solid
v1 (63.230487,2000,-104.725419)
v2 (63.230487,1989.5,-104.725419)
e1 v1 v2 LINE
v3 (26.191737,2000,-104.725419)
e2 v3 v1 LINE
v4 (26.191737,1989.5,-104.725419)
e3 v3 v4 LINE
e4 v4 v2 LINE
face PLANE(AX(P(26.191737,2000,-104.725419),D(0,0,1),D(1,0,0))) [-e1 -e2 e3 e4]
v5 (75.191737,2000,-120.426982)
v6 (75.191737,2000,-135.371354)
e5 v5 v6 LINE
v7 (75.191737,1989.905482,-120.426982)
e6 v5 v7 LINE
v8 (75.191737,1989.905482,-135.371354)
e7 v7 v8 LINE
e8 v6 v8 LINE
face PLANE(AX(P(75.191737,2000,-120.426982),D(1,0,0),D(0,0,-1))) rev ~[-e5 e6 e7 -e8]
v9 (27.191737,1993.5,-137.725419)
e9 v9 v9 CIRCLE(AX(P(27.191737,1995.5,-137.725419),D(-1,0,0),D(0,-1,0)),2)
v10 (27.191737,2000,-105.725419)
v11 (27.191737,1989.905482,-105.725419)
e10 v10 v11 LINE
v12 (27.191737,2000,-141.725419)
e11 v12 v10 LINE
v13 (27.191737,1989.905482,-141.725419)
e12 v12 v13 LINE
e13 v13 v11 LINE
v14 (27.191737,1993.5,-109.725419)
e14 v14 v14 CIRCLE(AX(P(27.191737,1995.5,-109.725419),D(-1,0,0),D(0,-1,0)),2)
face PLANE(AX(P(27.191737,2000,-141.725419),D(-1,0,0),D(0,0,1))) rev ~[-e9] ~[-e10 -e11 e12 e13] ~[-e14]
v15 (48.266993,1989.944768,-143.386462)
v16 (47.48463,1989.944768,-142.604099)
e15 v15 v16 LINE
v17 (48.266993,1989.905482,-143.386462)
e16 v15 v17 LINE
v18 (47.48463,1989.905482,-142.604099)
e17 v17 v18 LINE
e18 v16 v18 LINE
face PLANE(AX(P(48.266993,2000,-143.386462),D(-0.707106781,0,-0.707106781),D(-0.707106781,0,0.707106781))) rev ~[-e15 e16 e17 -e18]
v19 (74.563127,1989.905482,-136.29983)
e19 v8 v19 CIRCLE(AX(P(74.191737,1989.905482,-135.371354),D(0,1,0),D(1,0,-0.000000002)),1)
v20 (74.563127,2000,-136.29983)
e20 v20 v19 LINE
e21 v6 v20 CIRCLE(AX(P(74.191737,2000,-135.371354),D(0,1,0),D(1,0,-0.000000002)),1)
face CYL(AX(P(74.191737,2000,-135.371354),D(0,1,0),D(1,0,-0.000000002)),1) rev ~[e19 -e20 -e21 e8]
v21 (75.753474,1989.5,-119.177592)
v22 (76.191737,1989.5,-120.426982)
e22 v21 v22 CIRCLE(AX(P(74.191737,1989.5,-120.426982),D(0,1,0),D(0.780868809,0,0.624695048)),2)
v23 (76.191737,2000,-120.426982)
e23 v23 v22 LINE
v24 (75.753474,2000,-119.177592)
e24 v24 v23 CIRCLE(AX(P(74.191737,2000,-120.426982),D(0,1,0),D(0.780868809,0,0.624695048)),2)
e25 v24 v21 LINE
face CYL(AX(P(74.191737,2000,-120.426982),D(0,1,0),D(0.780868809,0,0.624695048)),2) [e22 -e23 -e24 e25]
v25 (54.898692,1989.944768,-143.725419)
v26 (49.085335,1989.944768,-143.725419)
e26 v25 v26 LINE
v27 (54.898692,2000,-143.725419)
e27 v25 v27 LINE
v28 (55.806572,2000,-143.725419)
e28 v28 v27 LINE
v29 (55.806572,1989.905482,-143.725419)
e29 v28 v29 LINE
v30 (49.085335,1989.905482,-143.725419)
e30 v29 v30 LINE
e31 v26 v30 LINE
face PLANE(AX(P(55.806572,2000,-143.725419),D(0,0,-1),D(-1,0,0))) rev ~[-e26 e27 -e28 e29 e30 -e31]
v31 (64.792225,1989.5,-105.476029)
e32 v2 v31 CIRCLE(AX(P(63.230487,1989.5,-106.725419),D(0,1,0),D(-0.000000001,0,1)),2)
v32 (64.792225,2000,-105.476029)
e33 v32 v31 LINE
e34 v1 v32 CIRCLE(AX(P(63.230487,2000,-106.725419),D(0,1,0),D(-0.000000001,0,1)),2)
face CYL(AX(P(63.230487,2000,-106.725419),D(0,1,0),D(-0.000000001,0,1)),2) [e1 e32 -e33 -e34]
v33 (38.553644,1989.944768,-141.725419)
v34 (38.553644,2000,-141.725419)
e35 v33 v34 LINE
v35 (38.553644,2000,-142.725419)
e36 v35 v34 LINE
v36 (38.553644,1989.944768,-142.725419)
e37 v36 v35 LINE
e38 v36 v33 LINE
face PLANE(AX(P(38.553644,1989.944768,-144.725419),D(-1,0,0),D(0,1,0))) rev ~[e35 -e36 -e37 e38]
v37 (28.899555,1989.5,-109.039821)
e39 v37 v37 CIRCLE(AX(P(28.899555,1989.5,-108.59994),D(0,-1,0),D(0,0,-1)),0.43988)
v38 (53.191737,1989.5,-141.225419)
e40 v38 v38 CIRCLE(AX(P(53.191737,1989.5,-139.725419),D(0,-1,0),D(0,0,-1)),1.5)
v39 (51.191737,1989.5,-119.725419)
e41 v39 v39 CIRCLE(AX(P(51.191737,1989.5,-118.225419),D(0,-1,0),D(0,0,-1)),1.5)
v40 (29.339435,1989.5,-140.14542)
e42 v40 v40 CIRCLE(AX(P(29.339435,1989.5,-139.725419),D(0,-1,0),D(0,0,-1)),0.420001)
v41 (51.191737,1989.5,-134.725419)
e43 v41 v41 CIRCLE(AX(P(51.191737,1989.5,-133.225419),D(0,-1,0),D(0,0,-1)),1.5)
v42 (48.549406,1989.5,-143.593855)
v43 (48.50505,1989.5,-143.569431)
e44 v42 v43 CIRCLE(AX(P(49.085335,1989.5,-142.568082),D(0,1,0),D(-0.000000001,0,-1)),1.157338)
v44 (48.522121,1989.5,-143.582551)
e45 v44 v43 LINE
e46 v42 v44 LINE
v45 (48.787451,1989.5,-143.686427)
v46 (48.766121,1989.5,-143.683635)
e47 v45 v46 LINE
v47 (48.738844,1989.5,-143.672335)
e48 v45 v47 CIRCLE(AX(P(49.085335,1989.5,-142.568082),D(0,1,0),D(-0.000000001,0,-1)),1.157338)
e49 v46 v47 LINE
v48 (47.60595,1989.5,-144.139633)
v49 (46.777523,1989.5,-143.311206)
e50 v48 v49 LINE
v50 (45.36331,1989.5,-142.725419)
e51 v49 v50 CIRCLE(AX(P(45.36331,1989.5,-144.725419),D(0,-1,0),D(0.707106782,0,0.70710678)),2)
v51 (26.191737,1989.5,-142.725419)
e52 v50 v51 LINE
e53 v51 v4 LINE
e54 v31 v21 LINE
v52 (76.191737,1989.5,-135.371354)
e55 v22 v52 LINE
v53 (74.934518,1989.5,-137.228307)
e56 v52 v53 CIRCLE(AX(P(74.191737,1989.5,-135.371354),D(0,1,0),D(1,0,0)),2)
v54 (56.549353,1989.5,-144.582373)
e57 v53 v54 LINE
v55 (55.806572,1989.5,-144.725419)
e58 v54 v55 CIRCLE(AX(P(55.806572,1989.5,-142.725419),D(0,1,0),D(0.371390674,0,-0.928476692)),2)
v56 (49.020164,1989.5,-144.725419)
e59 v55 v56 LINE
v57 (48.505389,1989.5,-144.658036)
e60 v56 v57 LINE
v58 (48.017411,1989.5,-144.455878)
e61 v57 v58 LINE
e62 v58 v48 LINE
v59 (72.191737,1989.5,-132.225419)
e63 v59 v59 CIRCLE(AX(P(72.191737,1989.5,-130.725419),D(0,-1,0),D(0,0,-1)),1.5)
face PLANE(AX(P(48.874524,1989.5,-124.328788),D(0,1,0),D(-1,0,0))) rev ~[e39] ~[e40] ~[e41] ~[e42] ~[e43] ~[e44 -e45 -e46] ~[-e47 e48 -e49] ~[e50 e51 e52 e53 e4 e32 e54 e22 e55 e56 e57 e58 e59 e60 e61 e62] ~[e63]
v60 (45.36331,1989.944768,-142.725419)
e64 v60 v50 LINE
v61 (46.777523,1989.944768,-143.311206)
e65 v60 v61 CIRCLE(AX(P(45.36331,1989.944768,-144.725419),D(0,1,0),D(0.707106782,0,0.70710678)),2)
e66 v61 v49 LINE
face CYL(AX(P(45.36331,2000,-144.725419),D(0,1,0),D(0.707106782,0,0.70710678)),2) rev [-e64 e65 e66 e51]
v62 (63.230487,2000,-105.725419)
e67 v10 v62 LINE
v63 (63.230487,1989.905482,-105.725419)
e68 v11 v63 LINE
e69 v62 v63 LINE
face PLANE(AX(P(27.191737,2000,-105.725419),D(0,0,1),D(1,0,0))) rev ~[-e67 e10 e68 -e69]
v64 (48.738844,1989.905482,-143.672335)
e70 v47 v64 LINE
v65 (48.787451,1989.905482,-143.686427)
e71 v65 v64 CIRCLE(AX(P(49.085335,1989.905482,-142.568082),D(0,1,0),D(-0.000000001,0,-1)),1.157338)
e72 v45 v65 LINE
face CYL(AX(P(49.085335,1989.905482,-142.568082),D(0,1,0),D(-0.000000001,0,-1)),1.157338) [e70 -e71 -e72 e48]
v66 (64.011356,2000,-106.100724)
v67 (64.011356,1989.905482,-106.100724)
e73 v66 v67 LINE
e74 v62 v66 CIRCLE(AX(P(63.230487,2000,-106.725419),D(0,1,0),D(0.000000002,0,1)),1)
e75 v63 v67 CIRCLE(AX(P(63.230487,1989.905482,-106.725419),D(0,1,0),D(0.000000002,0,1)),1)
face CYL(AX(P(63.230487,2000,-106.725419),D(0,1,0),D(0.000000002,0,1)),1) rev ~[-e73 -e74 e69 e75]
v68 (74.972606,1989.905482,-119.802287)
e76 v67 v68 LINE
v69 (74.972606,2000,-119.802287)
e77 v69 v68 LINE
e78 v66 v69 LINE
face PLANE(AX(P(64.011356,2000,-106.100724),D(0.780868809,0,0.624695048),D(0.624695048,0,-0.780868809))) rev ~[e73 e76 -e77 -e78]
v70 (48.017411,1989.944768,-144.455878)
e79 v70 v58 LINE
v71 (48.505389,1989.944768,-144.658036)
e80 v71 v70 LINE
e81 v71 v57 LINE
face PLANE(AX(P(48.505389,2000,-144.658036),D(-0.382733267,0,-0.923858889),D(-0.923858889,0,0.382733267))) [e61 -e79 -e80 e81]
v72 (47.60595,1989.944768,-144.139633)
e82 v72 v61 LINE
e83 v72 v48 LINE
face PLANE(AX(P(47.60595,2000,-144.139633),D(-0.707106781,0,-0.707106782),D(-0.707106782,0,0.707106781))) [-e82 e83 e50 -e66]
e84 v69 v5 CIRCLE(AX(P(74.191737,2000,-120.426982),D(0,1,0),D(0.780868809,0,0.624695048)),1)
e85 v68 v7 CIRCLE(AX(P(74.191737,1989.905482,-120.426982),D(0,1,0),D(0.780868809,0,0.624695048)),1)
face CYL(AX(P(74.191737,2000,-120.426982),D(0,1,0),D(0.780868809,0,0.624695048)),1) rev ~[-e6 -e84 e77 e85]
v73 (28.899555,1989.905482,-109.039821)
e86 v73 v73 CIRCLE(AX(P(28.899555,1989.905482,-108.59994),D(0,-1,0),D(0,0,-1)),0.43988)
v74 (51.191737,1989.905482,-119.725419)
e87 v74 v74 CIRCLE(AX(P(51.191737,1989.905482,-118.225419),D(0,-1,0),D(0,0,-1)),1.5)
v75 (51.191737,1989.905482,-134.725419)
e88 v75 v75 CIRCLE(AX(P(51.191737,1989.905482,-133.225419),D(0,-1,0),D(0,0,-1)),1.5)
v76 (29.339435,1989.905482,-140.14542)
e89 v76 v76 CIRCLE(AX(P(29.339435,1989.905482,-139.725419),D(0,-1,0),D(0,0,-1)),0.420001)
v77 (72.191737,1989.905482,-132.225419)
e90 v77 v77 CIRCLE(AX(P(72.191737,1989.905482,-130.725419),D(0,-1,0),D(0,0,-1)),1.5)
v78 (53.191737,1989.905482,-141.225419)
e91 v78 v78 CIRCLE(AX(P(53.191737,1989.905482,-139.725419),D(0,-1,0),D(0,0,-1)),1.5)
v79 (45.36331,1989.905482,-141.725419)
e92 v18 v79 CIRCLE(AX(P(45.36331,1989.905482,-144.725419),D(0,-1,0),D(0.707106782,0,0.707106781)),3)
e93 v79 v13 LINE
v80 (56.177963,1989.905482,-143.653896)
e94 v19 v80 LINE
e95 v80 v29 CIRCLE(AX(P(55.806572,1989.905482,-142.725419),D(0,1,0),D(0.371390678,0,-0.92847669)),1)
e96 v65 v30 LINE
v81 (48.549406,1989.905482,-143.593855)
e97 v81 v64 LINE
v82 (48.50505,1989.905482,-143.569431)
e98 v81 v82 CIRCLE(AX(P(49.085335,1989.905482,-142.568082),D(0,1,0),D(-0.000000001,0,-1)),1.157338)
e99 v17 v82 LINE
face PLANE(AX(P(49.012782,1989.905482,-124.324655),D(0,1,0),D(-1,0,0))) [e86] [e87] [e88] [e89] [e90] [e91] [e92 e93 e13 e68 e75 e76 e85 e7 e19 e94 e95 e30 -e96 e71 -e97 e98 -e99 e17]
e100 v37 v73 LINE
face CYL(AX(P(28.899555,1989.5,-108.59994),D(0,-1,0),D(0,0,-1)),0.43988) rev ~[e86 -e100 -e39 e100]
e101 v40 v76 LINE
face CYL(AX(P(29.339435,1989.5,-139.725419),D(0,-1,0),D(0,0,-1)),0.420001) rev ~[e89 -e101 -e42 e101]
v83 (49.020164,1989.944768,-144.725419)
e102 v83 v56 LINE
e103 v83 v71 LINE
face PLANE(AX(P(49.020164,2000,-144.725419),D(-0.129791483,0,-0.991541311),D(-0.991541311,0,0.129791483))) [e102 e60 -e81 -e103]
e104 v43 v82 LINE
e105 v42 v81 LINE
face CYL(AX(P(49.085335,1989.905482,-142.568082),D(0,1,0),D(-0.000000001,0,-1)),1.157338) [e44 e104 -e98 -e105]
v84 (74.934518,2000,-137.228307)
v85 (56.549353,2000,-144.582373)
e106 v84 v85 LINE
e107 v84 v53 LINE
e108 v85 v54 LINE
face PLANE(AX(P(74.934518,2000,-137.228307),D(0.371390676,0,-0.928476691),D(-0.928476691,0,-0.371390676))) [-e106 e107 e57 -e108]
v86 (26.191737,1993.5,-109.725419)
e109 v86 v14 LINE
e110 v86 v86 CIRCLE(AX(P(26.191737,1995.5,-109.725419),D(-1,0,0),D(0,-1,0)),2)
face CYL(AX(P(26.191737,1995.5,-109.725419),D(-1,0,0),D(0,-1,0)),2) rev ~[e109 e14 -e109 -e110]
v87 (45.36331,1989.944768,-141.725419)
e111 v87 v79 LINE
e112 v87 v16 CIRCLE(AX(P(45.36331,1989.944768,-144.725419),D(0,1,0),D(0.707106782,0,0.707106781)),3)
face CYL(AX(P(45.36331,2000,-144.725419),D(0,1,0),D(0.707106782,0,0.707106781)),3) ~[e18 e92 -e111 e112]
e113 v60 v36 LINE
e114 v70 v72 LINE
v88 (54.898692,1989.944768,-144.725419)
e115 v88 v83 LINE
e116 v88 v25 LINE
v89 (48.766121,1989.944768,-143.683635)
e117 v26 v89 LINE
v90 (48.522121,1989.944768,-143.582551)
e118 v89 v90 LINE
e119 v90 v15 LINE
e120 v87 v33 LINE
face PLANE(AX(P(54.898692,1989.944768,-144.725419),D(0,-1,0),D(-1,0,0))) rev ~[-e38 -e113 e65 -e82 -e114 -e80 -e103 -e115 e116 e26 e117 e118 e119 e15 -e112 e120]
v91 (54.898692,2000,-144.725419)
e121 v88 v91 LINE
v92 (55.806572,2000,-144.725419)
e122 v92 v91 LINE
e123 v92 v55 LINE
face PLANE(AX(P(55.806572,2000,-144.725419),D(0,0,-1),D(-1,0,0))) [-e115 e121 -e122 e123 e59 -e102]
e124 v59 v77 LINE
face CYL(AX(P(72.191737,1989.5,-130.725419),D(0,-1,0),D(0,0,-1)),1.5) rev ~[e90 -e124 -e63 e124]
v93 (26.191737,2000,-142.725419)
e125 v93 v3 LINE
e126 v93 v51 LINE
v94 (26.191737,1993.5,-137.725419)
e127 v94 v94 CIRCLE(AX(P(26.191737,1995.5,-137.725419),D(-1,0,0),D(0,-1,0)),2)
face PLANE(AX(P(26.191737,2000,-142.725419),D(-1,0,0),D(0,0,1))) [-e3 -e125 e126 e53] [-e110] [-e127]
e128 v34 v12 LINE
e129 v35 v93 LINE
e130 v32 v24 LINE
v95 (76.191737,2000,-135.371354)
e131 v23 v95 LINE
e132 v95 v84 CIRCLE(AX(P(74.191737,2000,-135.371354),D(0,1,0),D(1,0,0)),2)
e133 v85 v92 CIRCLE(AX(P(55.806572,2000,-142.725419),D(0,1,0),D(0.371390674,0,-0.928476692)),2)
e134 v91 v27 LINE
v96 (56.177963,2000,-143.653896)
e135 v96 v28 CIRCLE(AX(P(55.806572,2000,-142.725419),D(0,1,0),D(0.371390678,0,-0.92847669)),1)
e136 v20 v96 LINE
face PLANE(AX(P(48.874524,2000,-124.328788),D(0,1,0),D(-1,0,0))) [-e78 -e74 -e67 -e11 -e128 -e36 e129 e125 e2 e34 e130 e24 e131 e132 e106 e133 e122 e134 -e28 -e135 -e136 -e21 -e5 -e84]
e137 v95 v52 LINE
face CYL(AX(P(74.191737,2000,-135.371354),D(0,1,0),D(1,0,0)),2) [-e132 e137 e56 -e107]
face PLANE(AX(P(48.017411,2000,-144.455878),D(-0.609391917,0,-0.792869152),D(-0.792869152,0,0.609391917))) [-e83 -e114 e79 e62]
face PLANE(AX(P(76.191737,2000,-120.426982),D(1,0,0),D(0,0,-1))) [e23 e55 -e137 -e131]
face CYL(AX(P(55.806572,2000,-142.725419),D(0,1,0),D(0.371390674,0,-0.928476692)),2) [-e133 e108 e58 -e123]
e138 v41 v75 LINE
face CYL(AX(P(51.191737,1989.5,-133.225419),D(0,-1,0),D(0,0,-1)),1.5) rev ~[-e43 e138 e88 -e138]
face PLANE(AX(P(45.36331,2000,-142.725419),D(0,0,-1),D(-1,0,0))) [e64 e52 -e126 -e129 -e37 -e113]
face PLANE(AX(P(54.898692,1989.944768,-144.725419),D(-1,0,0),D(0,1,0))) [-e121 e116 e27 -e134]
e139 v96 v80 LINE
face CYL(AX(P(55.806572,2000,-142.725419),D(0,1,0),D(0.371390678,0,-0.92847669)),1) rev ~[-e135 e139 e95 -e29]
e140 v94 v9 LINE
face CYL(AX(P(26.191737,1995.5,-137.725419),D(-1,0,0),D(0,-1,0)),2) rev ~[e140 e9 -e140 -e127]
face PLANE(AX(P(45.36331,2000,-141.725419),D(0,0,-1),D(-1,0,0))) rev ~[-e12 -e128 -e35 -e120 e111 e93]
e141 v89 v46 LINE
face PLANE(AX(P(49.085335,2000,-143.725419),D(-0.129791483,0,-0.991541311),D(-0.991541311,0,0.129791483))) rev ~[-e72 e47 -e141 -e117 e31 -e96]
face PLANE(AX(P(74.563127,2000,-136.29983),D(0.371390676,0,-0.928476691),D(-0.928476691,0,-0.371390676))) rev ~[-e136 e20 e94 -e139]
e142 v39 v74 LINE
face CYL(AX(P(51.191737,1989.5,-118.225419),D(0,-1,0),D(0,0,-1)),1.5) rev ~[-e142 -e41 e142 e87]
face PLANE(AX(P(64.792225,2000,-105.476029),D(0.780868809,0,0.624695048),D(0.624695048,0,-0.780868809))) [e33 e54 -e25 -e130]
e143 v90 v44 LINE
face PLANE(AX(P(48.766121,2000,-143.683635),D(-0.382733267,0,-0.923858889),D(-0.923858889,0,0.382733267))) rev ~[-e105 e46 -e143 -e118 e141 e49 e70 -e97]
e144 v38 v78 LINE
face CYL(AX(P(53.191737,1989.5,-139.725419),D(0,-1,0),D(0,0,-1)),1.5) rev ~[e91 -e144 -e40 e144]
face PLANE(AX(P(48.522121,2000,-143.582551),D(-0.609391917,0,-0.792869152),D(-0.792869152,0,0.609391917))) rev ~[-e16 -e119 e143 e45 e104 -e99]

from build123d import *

# Parameters (mm, degrees)
RESSALTO_EXTRUS_O1_DEPTH = 10.5
RESSALTO_EXTRUS_O2_START = -0.405481833
RESSALTO_EXTRUS_O2_DEPTH = 0.405481833
ESBO_O6_R                = 1.5
ESBO_O6_R_2              = 0.439880444
ESBO_O6_R_3              = 0.420000653
CORTE_EXTRUS_O1_DEPTH    = 10
ESBO_O7_R                = 2
CORTE_EXTRUS_O2_DEPTH    = 10
ESBO_O8_W                = 16.345048289
ESBO_O8_H                = 10.10072272
CORTE_EXTRUS_O3_DEPTH    = 6


with BuildPart() as part:
    # Esboço1 → Ressalto-extrusão1 (new body)
    with BuildSketch(Plane.XZ.offset(-2000)):
        with BuildLine():
            Line((26.191736717, -104.725419486), (63.230487022, -104.725419486))
            ThreePointArc((63.230487022, -104.725419486), (64.096864483, -104.922813013), (64.79222464, -105.476029391))
            Line((64.79222464, -105.476029391), (75.753474335, -119.17759151))
            ThreePointArc((75.753474335, -119.17759151), (76.078993355, -119.764967722), (76.191736717, -120.426981605))
            Line((76.191736717, -120.426981605), (76.191736717, -135.371353563))
            ThreePointArc((76.191736717, -135.371353563), (75.847871178, -136.492611182), (74.934518069, -137.228306945))
            Line((74.934518069, -137.228306945), (56.549353262, -144.582372868))
            ThreePointArc((56.549353262, -144.582372868), (56.184786952, -144.689332259), (55.806571909, -144.725419486))
            Line((55.806571909, -144.725419486), (49.020163841, -144.725419486))
            Line((49.020163841, -144.725419486), (48.505389373, -144.65803617))
            Line((48.505389373, -144.65803617), (48.017411303, -144.455878196))
            Line((48.017411303, -144.455878196), (47.605950279, -144.139633048))
            Line((47.605950279, -144.139633048), (46.777523154, -143.311205924))
            ThreePointArc((46.777523154, -143.311205924), (46.128676457, -142.877660421), (45.363309592, -142.725419486))
            Line((45.363309592, -142.725419486), (26.191736717, -142.725419486))
            Line((26.191736717, -142.725419486), (26.191736717, -104.725419486))
        make_face()
        with BuildLine():
            Line((48.266993092, -143.386462299), (47.484629935, -142.604099142))
            ThreePointArc((47.484629935, -142.604099142), (46.511359889, -141.953780888), (45.363309592, -141.725419486))
            Line((45.363309592, -141.725419486), (27.191736717, -141.725419486))
            Line((27.191736717, -141.725419486), (27.191736717, -105.725419486))
            Line((27.191736717, -105.725419486), (63.230487022, -105.725419486))
            ThreePointArc((63.230487022, -105.725419486), (63.663675752, -105.82411625), (64.011355831, -106.100724438))
            Line((64.011355831, -106.100724438), (74.972605526, -119.802286557))
            ThreePointArc((74.972605526, -119.802286557), (75.135365036, -120.095974663), (75.191736717, -120.426981605))
            Line((75.191736717, -120.426981605), (75.191736717, -135.371353563))
            ThreePointArc((75.191736717, -135.371353563), (75.019803947, -135.931982372), (74.563127393, -136.299830254))
            Line((74.563127393, -136.299830254), (56.177962586, -143.653896177))
            ThreePointArc((56.177962586, -143.653896177), (55.995679431, -143.707375873), (55.806571909, -143.725419486))
            Line((55.806571909, -143.725419486), (49.085335215, -143.725419486))
            Line((49.085335215, -143.725419486), (48.766120713, -143.683634718))
            Line((48.766120713, -143.683634718), (48.522121146, -143.582551368))
            Line((48.522121146, -143.582551368), (48.266993092, -143.386462299))
        make_face(mode=Mode.SUBTRACT)
    extrude(amount=RESSALTO_EXTRUS_O1_DEPTH)

    # Esboço5 → Ressalto-extrusão2 (add)
    with BuildSketch(Plane.XZ.offset(-1989.5).offset(RESSALTO_EXTRUS_O2_START)):
        with BuildLine():
            Line((27.191736717, -105.725419486), (63.230487022, -105.725419486))
            ThreePointArc((63.230487022, -105.725419486), (63.663675752, -105.82411625), (64.011355831, -106.100724438))
            Line((64.011355831, -106.100724438), (74.972605526, -119.802286557))
            ThreePointArc((74.972605526, -119.802286557), (75.135365036, -120.095974663), (75.191736717, -120.426981605))
            Line((75.191736717, -120.426981605), (75.191736717, -135.371353563))
            ThreePointArc((75.191736717, -135.371353563), (75.019803947, -135.931982372), (74.563127393, -136.299830254))
            Line((74.563127393, -136.299830254), (56.177962586, -143.653896177))
            ThreePointArc((56.177962586, -143.653896177), (55.995679431, -143.707375873), (55.806571909, -143.725419486))
            Line((55.806571909, -143.725419486), (49.085335215, -143.725419486))
            ThreePointArc((49.085335215, -143.725419486), (48.642453796, -143.637327588), (48.266993092, -143.386462299))
            Line((48.266993092, -143.386462299), (47.484629935, -142.604099142))
            ThreePointArc((47.484629935, -142.604099142), (46.511359889, -141.953780888), (45.363309592, -141.725419486))
            Line((45.363309592, -141.725419486), (27.191736717, -141.725419486))
            Line((27.191736717, -141.725419486), (27.191736717, -105.725419486))
        make_face()
    extrude(amount=RESSALTO_EXTRUS_O2_DEPTH)

    # Esboço6 → Corte-extrusão1 (cut)
    with BuildSketch(Plane.XZ.offset(-1989.5)):
        with Locations(Location((51.191736717, -118.225419486, 0), (0, 0, 270))):
            Circle(ESBO_O6_R)
        with Locations(Location((51.191736717, -133.225419486, 0), (0, 0, 270))):
            Circle(ESBO_O6_R)
        with Locations(Location((72.191736717, -130.725419486, 0), (0, 0, 270))):
            Circle(ESBO_O6_R)
        with Locations(Location((53.191736717, -139.725419486, 0), (0, 0, 270))):
            Circle(ESBO_O6_R)
        with Locations(Location((28.899554792, -108.599940214, 0), (0, 0, 270))):
            Circle(ESBO_O6_R_2)
        with Locations(Location((29.339435236, -139.725419486, 0), (0, 0, 270))):
            Circle(ESBO_O6_R_3)
    extrude(amount=-CORTE_EXTRUS_O1_DEPTH, mode=Mode.SUBTRACT)

    # Esboço7 → Corte-extrusão2 (cut)
    with BuildSketch(Plane.ZY.offset(-26.191736717)):
        with Locations(Location((-137.725419486, 1995.5, 0), (0, 0, 270))):
            Circle(ESBO_O7_R)
        with Locations(Location((-109.725419486, 1995.5, 0), (0, 0, 270))):
            Circle(ESBO_O7_R)
    extrude(amount=-CORTE_EXTRUS_O2_DEPTH, mode=Mode.SUBTRACT)

    # Esboço8 → Corte-extrusão3 (cut)
    with BuildSketch(Plane(origin=(0, 0, -144.725419486), x_dir=(-1, 0, 0), z_dir=(0, 0, -1))):
        with Locations((-46.726167809, 1994.995129696)):
            Rectangle(ESBO_O8_W, ESBO_O8_H)
    extrude(amount=-CORTE_EXTRUS_O3_DEPTH, mode=Mode.SUBTRACT)


solid = part.part
